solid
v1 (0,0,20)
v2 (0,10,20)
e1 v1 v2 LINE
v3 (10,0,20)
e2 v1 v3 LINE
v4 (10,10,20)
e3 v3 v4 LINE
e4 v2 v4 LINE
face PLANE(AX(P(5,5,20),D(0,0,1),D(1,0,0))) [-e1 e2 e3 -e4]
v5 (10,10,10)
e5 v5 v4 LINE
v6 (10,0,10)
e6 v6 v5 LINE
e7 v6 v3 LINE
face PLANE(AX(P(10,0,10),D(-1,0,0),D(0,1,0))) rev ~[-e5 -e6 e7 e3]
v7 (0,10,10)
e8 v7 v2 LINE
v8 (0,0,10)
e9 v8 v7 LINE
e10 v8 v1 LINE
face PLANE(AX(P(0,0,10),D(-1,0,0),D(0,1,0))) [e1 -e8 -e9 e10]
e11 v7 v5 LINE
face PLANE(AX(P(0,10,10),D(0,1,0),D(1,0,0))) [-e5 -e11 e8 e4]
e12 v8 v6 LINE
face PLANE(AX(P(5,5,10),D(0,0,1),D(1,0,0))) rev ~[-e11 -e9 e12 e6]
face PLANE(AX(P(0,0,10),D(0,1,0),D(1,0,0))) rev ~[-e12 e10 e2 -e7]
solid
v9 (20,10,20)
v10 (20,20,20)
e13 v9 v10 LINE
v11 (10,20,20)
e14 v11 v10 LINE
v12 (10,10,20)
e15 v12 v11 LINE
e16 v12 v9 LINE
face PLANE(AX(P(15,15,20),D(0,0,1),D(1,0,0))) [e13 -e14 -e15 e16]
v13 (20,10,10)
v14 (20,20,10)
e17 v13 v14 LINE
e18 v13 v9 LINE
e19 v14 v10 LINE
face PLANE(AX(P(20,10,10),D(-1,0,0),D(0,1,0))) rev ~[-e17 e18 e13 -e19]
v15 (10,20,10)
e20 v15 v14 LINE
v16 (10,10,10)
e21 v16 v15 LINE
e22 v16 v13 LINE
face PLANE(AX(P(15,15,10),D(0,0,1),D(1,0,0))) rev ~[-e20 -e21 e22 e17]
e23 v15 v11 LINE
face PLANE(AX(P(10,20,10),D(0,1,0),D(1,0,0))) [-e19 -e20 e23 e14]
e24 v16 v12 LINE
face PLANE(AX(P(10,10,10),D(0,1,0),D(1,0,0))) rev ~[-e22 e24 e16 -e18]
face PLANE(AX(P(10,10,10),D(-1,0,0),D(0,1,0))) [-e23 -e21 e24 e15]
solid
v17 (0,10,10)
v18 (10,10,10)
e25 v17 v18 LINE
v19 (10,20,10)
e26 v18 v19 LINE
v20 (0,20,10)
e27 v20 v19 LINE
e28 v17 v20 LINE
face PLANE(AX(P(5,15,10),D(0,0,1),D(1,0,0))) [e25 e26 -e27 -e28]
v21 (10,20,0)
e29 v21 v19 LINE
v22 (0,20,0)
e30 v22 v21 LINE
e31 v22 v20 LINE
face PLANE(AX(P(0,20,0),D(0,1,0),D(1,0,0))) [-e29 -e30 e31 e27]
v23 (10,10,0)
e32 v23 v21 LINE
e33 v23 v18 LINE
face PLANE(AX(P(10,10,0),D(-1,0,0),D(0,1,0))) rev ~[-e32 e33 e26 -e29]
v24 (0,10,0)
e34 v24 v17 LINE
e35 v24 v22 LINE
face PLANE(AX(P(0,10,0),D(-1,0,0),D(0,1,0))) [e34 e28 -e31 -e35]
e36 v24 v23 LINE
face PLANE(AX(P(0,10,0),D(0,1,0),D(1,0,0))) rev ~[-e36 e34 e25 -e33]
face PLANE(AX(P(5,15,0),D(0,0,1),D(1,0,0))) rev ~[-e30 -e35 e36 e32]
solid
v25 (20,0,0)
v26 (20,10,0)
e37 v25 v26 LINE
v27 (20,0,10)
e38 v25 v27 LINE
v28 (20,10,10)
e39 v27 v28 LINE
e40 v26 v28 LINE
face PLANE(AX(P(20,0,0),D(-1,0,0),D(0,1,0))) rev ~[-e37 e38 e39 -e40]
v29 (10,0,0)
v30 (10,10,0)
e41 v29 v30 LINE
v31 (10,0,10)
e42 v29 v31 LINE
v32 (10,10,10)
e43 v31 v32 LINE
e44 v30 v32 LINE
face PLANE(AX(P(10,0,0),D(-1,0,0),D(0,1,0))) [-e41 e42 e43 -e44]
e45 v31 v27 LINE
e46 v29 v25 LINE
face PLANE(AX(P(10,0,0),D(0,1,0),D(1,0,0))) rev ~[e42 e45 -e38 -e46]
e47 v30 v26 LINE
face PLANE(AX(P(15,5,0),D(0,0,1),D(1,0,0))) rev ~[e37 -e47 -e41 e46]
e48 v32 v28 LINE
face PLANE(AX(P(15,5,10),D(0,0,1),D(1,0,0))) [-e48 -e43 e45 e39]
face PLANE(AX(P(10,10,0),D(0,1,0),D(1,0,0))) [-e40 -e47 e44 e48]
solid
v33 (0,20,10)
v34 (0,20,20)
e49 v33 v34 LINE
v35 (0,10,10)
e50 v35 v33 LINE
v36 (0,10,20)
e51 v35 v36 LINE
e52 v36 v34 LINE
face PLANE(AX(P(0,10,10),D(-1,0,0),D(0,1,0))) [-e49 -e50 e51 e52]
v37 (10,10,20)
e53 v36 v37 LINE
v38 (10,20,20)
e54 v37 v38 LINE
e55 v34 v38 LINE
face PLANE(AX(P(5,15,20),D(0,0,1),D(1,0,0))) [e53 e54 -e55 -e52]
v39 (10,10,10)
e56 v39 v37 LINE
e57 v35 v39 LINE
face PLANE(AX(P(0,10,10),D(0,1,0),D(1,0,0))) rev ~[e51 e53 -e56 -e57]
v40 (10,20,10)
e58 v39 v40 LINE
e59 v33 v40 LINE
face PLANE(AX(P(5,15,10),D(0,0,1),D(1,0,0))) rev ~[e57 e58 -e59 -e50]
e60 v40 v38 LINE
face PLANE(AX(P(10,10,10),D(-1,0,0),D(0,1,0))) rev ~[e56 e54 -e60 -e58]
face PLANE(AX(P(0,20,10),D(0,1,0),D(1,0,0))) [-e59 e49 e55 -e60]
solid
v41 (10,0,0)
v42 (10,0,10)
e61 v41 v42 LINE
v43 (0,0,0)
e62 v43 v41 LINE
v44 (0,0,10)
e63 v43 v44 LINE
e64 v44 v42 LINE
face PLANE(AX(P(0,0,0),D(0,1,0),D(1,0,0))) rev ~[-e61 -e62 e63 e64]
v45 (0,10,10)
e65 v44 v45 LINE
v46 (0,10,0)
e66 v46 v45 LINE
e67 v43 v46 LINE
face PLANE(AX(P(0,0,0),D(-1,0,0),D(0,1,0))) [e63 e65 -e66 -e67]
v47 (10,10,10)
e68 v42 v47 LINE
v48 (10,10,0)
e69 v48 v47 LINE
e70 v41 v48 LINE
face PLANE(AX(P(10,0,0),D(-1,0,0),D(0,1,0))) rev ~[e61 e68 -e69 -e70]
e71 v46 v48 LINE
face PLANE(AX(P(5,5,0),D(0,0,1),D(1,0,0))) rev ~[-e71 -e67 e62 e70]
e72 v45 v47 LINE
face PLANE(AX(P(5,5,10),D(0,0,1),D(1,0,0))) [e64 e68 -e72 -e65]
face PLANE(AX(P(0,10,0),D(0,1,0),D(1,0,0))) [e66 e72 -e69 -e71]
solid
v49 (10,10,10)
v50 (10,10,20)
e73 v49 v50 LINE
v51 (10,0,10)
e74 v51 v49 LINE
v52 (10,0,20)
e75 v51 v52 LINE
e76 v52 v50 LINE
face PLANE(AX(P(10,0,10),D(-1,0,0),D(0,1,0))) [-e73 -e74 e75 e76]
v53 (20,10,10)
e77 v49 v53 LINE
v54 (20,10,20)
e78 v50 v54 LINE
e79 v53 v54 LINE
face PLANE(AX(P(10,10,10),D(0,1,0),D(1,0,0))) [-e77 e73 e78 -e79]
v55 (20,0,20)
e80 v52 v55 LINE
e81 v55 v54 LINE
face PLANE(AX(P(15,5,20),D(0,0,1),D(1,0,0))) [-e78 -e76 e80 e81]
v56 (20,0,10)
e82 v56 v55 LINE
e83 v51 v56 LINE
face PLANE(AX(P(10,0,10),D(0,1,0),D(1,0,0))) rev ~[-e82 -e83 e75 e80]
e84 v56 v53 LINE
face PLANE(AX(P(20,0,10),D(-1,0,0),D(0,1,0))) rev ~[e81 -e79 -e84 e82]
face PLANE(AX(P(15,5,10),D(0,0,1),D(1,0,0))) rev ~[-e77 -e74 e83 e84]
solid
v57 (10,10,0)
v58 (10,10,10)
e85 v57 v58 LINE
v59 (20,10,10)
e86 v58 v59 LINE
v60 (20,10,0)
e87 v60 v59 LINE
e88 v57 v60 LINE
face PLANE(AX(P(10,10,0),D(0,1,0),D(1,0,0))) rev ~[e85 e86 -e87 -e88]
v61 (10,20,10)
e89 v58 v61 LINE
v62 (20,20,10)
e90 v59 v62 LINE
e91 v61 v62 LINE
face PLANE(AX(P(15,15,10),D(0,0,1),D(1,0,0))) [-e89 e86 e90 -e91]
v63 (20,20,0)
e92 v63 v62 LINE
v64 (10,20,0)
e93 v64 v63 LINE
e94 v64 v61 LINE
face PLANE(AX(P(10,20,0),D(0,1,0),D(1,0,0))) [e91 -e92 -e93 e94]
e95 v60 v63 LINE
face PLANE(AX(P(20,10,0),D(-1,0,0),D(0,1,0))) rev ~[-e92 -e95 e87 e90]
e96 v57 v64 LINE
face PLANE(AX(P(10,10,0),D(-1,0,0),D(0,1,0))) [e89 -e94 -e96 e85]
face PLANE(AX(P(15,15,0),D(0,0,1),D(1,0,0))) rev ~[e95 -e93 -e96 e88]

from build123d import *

# Parameters (mm, degrees)
BOX_W        = 10
BOX_H        = 10
BOX_DEPTH    = 10
BOX001_W     = 10
BOX001_H     = 10
BOX001_DEPTH = 10
BOX002_W     = 10
BOX002_H     = 10
BOX002_DEPTH = 10
BOX003_W     = 10
BOX003_H     = 10
BOX003_DEPTH = 10
BOX004_W     = 10
BOX004_H     = 10
BOX004_DEPTH = 10
BOX005_W     = 10
BOX005_H     = 10
BOX005_DEPTH = 10
BOX006_W     = 10
BOX006_H     = 10
BOX006_DEPTH = 10
BOX007_W     = 10
BOX007_H     = 10
BOX007_DEPTH = 10


with BuildPart() as cube:
    # Box → Box (new body)
    with BuildSketch(Plane.XY):
        with Locations((5, 5)):
            Rectangle(BOX_W, BOX_H)
    extrude(amount=BOX_DEPTH)


with BuildPart() as cube001:
    # Box001 → Box001 (new body)
    with BuildSketch(Plane(origin=(10, 0, 0), x_dir=(1, 0, 0), z_dir=(0, 0, 1))):
        with Locations((5, 5)):
            Rectangle(BOX001_W, BOX001_H)
    extrude(amount=BOX001_DEPTH)


with BuildPart() as cube002:
    # Box002 → Box002 (new body)
    with BuildSketch(Plane(origin=(10, 10, 0), x_dir=(1, 0, 0), z_dir=(0, 0, 1))):
        with Locations((5, 5)):
            Rectangle(BOX002_W, BOX002_H)
    extrude(amount=BOX002_DEPTH)


with BuildPart() as cube003:
    # Box003 → Box003 (new body)
    with BuildSketch(Plane(origin=(0, 10, 0), x_dir=(1, 0, 0), z_dir=(0, 0, 1))):
        with Locations((5, 5)):
            Rectangle(BOX003_W, BOX003_H)
    extrude(amount=BOX003_DEPTH)


with BuildPart() as cube004:
    # Box004 → Box004 (new body)
    with BuildSketch(Plane.XY.offset(10)):
        with Locations((5, 5)):
            Rectangle(BOX004_W, BOX004_H)
    extrude(amount=BOX004_DEPTH)


with BuildPart() as cube005:
    # Box005 → Box005 (new body)
    with BuildSketch(Plane(origin=(10, 0, 10), x_dir=(1, 0, 0), z_dir=(0, 0, 1))):
        with Locations((5, 5)):
            Rectangle(BOX005_W, BOX005_H)
    extrude(amount=BOX005_DEPTH)


with BuildPart() as cube006:
    # Box006 → Box006 (new body)
    with BuildSketch(Plane(origin=(0, 10, 10), x_dir=(1, 0, 0), z_dir=(0, 0, 1))):
        with Locations((5, 5)):
            Rectangle(BOX006_W, BOX006_H)
    extrude(amount=BOX006_DEPTH)


with BuildPart() as cube007:
    # Box007 → Box007 (new body)
    with BuildSketch(Plane(origin=(10, 10, 10), x_dir=(1, 0, 0), z_dir=(0, 0, 1))):
        with Locations((5, 5)):
            Rectangle(BOX007_W, BOX007_H)
    extrude(amount=BOX007_DEPTH)


solid = Compound([cube.part, cube001.part, cube002.part, cube003.part, cube004.part, cube005.part, cube006.part, cube007.part])
